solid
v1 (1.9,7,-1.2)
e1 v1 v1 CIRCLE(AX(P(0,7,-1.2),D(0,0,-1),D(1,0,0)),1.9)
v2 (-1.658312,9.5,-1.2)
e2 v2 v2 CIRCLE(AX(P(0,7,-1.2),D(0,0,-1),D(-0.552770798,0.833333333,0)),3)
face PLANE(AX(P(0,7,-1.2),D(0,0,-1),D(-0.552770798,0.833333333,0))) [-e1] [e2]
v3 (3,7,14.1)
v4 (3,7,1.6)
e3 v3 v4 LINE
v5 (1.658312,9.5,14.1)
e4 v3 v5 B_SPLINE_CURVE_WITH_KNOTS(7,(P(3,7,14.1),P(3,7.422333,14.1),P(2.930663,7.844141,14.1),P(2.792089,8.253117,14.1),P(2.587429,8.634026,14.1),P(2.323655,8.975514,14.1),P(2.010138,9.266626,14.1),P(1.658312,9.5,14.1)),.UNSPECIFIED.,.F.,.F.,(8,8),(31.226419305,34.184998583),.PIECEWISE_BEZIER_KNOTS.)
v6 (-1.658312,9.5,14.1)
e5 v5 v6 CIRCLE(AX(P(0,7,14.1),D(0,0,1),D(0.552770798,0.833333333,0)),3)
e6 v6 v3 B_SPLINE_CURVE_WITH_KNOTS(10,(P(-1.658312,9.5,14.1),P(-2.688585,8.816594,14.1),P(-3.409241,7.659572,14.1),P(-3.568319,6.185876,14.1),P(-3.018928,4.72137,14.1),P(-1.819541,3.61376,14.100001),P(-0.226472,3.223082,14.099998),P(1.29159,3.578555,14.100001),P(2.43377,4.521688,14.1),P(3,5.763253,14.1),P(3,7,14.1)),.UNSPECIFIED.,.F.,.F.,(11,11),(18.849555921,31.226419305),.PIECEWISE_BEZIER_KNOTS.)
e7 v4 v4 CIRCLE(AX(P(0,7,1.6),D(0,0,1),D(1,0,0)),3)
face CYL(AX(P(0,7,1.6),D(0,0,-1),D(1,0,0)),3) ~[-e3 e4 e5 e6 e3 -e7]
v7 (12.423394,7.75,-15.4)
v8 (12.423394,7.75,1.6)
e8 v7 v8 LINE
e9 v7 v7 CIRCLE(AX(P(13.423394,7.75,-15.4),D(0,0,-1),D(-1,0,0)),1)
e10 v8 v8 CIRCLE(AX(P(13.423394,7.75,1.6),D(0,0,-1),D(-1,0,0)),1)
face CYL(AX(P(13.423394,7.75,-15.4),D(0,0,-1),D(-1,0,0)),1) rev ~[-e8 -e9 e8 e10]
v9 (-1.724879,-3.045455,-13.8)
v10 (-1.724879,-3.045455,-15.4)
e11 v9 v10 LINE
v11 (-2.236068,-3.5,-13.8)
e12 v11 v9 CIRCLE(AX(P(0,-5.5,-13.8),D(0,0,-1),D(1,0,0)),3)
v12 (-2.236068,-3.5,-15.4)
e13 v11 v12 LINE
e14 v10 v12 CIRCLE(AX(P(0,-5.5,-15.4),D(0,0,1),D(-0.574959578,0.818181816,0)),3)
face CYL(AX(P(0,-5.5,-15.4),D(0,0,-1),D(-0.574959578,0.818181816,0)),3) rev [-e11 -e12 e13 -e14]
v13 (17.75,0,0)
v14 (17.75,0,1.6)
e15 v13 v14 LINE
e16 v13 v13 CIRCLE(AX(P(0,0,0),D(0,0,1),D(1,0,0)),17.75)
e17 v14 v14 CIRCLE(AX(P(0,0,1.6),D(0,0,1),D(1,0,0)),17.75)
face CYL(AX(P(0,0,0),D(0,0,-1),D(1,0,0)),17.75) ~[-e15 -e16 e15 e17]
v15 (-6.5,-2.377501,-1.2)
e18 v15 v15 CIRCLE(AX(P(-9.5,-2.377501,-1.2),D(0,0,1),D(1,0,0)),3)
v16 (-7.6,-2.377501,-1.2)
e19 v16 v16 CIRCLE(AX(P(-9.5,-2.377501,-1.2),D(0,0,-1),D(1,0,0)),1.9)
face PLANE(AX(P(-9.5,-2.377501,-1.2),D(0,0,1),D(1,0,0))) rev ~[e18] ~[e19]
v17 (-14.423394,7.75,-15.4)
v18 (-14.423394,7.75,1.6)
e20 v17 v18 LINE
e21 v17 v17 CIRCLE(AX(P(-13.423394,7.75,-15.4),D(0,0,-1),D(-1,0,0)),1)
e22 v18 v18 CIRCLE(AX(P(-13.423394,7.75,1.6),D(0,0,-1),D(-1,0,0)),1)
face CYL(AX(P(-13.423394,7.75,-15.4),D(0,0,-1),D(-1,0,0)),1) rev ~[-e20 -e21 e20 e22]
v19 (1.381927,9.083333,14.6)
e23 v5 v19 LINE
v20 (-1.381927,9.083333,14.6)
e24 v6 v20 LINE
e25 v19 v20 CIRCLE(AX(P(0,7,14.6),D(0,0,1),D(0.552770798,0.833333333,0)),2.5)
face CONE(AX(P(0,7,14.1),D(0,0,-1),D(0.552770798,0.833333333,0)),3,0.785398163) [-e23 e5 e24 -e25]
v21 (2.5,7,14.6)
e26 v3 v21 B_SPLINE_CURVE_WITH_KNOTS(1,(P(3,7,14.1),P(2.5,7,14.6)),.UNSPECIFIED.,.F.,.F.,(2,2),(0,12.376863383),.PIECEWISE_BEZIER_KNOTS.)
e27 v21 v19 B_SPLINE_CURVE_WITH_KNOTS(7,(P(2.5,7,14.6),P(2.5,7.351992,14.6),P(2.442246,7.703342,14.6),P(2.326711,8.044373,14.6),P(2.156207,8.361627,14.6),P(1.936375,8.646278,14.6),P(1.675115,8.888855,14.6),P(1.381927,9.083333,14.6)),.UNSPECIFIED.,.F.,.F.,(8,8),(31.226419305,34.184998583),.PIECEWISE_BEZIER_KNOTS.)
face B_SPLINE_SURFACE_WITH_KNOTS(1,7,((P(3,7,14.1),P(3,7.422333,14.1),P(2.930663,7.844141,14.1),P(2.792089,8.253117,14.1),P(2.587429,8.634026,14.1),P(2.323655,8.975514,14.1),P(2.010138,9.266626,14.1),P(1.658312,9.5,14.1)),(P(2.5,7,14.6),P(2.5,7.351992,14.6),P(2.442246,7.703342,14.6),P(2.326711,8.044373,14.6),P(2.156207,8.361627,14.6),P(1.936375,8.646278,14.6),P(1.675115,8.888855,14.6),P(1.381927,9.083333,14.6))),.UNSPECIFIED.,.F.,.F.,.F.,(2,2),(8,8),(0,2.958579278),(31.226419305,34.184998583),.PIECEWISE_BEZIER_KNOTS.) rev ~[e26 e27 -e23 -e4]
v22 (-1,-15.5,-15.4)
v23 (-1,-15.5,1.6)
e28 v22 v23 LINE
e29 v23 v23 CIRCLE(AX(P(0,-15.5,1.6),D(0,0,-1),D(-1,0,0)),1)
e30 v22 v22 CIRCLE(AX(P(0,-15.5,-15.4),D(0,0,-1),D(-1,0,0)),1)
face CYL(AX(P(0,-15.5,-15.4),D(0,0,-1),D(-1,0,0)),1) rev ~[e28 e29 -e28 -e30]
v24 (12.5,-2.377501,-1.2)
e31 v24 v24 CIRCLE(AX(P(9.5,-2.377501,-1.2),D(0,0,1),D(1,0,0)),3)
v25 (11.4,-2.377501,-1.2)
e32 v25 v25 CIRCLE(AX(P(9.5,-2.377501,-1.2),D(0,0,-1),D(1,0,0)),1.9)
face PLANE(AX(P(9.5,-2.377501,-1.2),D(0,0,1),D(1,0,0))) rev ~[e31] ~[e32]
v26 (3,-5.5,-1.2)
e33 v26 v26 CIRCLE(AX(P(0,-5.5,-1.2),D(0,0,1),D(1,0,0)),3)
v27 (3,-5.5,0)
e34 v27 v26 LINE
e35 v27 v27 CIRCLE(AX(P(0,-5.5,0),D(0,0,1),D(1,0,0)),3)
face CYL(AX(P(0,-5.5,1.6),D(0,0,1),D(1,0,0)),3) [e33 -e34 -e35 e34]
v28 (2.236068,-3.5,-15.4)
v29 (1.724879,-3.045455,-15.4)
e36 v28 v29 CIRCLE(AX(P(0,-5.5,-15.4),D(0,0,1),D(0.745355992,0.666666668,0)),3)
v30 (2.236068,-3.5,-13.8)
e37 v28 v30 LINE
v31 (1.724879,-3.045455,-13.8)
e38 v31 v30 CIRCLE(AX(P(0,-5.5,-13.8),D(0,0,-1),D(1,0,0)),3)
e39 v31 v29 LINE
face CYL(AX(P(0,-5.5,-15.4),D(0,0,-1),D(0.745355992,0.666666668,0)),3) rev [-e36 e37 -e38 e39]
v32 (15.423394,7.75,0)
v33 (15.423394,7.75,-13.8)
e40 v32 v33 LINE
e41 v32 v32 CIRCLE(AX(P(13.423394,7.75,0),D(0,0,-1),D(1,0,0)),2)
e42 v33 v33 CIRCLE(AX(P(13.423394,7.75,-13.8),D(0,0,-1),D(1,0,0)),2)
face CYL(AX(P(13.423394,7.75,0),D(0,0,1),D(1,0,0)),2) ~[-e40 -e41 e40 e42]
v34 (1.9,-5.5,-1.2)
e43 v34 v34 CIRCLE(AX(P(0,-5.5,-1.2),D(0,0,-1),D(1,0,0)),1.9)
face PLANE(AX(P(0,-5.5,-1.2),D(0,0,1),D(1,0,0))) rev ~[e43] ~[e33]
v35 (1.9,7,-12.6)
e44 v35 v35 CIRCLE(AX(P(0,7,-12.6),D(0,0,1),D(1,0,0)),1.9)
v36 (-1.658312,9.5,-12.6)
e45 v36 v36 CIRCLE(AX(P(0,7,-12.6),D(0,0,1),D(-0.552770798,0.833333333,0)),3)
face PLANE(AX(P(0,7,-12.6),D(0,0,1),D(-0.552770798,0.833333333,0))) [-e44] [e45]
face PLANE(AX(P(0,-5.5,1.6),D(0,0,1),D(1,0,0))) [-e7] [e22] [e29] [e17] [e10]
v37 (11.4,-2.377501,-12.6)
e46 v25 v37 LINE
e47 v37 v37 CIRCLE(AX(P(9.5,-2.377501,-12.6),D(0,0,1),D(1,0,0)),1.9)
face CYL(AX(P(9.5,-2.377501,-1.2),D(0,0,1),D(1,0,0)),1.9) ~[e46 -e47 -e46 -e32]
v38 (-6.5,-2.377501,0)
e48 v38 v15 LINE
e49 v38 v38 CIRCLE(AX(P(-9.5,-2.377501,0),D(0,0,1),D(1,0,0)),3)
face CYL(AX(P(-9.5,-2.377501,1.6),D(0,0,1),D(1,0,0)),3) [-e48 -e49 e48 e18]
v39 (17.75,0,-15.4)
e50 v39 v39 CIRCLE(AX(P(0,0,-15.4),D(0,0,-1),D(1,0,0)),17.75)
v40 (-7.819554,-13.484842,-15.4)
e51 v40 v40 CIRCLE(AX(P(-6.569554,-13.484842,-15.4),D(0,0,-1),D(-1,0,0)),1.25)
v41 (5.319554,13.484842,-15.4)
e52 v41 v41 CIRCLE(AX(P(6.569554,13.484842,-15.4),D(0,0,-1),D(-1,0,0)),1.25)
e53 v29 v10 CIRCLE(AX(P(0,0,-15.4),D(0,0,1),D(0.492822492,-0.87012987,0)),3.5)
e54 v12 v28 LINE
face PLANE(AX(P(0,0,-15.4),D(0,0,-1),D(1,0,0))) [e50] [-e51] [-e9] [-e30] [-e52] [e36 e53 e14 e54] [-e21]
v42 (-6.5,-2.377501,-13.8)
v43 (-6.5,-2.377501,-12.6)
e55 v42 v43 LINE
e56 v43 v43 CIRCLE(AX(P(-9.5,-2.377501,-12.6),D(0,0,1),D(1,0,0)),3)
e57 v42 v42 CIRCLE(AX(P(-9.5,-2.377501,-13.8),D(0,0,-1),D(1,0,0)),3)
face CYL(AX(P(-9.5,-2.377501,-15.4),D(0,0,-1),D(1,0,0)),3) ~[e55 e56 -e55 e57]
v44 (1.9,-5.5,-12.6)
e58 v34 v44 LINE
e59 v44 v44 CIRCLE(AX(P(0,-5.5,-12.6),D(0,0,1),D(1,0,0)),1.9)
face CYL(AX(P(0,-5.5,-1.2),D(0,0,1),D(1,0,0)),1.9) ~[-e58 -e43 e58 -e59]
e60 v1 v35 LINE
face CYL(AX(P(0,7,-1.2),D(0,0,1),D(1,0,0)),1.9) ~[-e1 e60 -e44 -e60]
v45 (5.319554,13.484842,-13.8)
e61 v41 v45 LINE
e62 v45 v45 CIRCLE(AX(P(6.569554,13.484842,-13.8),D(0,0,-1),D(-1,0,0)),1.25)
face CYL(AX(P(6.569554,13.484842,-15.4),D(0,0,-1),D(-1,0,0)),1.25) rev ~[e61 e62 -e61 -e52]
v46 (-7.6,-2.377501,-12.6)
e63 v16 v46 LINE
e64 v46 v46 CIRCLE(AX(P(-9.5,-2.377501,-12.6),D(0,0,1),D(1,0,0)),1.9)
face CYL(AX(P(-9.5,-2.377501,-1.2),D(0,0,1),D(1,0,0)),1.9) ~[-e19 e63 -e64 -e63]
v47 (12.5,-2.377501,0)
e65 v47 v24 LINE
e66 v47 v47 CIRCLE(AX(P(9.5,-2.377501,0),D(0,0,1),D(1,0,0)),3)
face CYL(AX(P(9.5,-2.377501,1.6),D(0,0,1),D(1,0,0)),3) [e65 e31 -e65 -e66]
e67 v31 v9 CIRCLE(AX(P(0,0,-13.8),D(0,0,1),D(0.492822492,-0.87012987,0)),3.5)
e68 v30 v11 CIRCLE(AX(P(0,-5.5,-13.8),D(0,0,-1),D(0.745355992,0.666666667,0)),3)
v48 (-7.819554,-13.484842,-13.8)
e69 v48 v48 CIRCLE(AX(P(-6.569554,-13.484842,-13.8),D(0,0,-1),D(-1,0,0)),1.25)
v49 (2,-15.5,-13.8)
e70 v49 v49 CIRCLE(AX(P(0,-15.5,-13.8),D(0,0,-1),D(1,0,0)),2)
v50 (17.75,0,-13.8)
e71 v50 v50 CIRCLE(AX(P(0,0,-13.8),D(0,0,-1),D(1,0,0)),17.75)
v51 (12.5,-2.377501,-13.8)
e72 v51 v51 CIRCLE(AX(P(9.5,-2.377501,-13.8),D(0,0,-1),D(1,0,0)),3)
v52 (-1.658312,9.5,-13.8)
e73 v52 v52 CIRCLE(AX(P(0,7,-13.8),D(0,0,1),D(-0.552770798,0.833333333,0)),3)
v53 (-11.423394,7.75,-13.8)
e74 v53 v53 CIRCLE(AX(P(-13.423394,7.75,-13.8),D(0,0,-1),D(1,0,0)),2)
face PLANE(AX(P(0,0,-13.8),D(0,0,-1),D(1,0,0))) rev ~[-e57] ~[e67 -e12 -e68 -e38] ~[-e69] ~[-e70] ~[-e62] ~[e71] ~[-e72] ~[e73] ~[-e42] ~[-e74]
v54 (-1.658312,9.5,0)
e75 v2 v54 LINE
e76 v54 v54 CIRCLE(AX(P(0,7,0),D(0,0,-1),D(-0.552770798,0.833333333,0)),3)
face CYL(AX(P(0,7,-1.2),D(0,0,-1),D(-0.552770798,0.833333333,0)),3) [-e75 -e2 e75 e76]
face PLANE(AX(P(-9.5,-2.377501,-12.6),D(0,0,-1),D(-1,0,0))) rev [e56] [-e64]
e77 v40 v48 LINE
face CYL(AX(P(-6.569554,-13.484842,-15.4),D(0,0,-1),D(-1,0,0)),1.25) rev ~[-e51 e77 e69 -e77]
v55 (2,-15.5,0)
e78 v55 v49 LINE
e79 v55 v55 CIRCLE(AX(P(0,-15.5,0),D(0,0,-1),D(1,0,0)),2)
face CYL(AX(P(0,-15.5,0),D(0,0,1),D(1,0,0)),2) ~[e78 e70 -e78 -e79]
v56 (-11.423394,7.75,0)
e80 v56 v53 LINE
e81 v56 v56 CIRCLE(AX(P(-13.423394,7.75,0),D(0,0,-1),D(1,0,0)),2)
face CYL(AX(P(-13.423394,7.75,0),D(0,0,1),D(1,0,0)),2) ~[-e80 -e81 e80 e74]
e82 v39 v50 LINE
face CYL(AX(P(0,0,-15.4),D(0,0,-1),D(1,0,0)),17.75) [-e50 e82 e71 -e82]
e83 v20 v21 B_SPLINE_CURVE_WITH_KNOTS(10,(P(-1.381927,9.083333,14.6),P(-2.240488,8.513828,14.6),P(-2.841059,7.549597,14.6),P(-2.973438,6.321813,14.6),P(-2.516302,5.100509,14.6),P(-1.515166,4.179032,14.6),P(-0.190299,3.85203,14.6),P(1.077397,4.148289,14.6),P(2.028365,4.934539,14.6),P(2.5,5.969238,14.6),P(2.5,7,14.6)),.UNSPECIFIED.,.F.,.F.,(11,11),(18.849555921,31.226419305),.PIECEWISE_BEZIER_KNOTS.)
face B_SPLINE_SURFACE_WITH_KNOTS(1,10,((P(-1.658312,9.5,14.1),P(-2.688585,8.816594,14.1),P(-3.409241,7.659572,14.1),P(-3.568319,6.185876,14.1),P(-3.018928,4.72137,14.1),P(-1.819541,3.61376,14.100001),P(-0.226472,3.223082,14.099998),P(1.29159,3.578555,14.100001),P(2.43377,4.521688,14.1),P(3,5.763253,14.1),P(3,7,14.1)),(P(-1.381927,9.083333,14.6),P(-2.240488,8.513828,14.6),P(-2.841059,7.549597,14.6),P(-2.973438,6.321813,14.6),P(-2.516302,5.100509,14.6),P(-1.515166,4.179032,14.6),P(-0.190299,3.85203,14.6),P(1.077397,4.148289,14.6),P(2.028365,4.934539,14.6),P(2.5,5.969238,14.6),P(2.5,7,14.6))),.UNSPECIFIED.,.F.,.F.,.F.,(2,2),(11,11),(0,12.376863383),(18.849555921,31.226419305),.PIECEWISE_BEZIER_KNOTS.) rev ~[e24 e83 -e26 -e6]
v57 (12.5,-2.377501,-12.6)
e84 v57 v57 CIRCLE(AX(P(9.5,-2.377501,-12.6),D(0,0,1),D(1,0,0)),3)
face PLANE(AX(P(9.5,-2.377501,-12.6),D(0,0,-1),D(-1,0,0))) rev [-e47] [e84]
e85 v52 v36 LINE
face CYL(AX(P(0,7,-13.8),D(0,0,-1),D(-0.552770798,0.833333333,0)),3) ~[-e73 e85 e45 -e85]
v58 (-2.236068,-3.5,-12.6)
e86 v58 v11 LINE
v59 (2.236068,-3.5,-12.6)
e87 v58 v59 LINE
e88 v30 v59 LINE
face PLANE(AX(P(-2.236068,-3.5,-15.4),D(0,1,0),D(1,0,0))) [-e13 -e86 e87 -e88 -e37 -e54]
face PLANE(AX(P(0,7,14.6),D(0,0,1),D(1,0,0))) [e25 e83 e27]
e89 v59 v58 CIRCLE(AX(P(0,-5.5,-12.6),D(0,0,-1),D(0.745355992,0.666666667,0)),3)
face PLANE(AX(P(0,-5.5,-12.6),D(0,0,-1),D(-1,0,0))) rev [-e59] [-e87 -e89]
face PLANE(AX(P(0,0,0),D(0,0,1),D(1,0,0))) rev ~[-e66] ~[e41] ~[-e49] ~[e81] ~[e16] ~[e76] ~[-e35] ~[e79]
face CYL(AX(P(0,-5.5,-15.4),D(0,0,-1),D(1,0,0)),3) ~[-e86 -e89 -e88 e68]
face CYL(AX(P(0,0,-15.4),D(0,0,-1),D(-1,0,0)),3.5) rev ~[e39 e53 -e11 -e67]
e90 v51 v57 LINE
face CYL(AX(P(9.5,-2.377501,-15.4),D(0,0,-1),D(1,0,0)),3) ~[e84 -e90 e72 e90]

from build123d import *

# Parameters (mm, degrees)
SKETCH_1_R          = 17.75
EXTRUDE_1_DEPTH     = 1.6
SKETCH_2_R          = 2
EXTRUDE_2_DEPTH     = 13.8
EXTRUDE_START       = 1.6
SKETCH_3_R          = 17.75
EXTRUDE_3_DEPTH     = 1.6
CUT_EXTRUDE_2_REACH = 32.317
SKETCH_5_R          = 3.5
SKETCH_5_R_2        = 1
SKETCH_6_R          = 6
EXTRUDE_4_DEPTH     = 10
SKETCH_7_R          = 3
EXTRUDE_5_DEPTH     = 15
CHAMFER_1_SIZE      = 0.5
CUT_EXTRUDE_START   = -12
CUT_EXTRUDE_3_DEPTH = 12
SKETCH_10_R         = 3
EXTRUDE_6_DEPTH     = 2.8
EXTRUDE_7_REACH     = 39.456
SKETCH_13_R         = 1.9
CUT_EXTRUDE_4_REACH = 50.93
CUT_EXTRUDE_5_REACH = 50.93
SKETCH_17_R         = 1.25
CHAMFER_2_SIZE      = 0.5
EXTRUDE_START_2     = 1.2
SKETCH_19_R         = 3
EXTRUDE_8_DEPTH     = 1.2
EXTRUDE_9_REACH     = 39.456
SKETCH_20_R         = 1.9
SKETCH_21_R         = 3
EXTRUDE_10_DEPTH    = 1.2
CUT_EXTRUDE_START_2 = -10
SKETCH_23_R         = 6
SKETCH_23_R_2       = 3
CUT_EXTRUDE_7_DEPTH = 10
SKETCH_24_R         = 3
CUT_EXTRUDE_8_DEPTH = 12
CHAMFER_3_SIZE      = 0.5


with BuildPart() as part:
    # Sketch 1 → Extrude 1 (new body)
    with BuildSketch(Plane.XY):
        Circle(SKETCH_1_R)
    extrude(amount=EXTRUDE_1_DEPTH)

    # Sketch 2 → Extrude 2 (add)
    with BuildSketch(Plane(origin=(0, 0, 0), x_dir=(-1, 0, 0), z_dir=(0, 0, -1))):
        with Locations(Location((0, -15.5, 0), (0, 0, 180))):
            Circle(SKETCH_2_R)
        with Locations(Location((-13.423393759, 7.75, 0), (0, 0, 180))):
            Circle(SKETCH_2_R)
        with Locations(Location((13.423393759, 7.75, 0), (0, 0, 180))):
            Circle(SKETCH_2_R)
    extrude(amount=EXTRUDE_2_DEPTH)

    # Sketch 3 → Extrude 3 (add)
    with BuildSketch(Plane(origin=(0, 0, -13.8), x_dir=(-1, 0, 0), z_dir=(0, 0, -1)).offset(EXTRUDE_START)):
        with Locations(Location((0, 0, 0), (0, 0, 180))):
            Circle(SKETCH_3_R)
    extrude(amount=-EXTRUDE_3_DEPTH)

    # Sketch 5 → Cut-Extrude 2 (cut, up to next)
    with BuildSketch(Plane(origin=(0, 0, -15.4), x_dir=(-1, 0, 0), z_dir=(0, 0, -1)), mode=Mode.PRIVATE) as cut_extrude_2_sk1:
        Circle(SKETCH_5_R)
    cut_extrude_2_tool1 = extrude(cut_extrude_2_sk1.sketch, amount=-CUT_EXTRUDE_2_REACH, mode=Mode.PRIVATE) & part.part
    # Sketch 5 → Cut-Extrude 2 (cut, up to next)
    with BuildSketch(Plane(origin=(0, 0, -15.4), x_dir=(-1, 0, 0), z_dir=(0, 0, -1)), mode=Mode.PRIVATE) as cut_extrude_2_sk2:
        with Locations((-13.423393759, 7.75)):
            Circle(SKETCH_5_R_2)
    cut_extrude_2_tool2 = extrude(cut_extrude_2_sk2.sketch, amount=-CUT_EXTRUDE_2_REACH, mode=Mode.PRIVATE) & part.part
    # Sketch 5 → Cut-Extrude 2 (cut, up to next)
    with BuildSketch(Plane(origin=(0, 0, -15.4), x_dir=(-1, 0, 0), z_dir=(0, 0, -1)), mode=Mode.PRIVATE) as cut_extrude_2_sk3:
        with Locations((13.423393759, 7.75)):
            Circle(SKETCH_5_R_2)
    cut_extrude_2_tool3 = extrude(cut_extrude_2_sk3.sketch, amount=-CUT_EXTRUDE_2_REACH, mode=Mode.PRIVATE) & part.part
    # Sketch 5 → Cut-Extrude 2 (cut, up to next)
    with BuildSketch(Plane(origin=(0, 0, -15.4), x_dir=(-1, 0, 0), z_dir=(0, 0, -1)), mode=Mode.PRIVATE) as cut_extrude_2_sk4:
        with Locations((0, -15.5)):
            Circle(SKETCH_5_R_2)
    cut_extrude_2_tool4 = extrude(cut_extrude_2_sk4.sketch, amount=-CUT_EXTRUDE_2_REACH, mode=Mode.PRIVATE) & part.part
    add(cut_extrude_2_tool1.solids().sort_by_distance((0, 0, -15.4))[0], mode=Mode.SUBTRACT)
    add(cut_extrude_2_tool2.solids().sort_by_distance((13.423394, 7.75, -15.4))[0], mode=Mode.SUBTRACT)
    add(cut_extrude_2_tool3.solids().sort_by_distance((-13.423394, 7.75, -15.4))[0], mode=Mode.SUBTRACT)
    add(cut_extrude_2_tool4.solids().sort_by_distance((0, -15.5, -15.4))[0], mode=Mode.SUBTRACT)

    # Sketch 6 → Extrude 4 (add)
    with BuildSketch(Plane.XY.offset(1.6)):
        with Locations((0, 7)):
            Circle(SKETCH_6_R)
    extrude(amount=EXTRUDE_4_DEPTH)

    # Sketch 7 → Extrude 5 (add)
    with BuildSketch(Plane.XY.offset(11.6)):
        with Locations((0, 7)):
            Circle(SKETCH_7_R)
    extrude(amount=EXTRUDE_5_DEPTH)

    # Chamfer 1
    chamfer_1_edges = [part.edges().sort_by_distance(p)[0] for p in [
        (-3, 7, 26.6),
    ]]
    chamfer(chamfer_1_edges, length=CHAMFER_1_SIZE)

    # Sketch 8 → Cut-Extrude 3 (cut)
    with BuildSketch(Plane.XY.offset(26.6).offset(CUT_EXTRUDE_START)):
        with BuildLine():
            Line((1.658312395, 9.5), (-1.658312395, 9.5))
            ThreePointArc((-1.658312395, 9.5), (0, 10), (1.658312395, 9.5))
        make_face()
    extrude(amount=CUT_EXTRUDE_3_DEPTH, mode=Mode.SUBTRACT)

    # Sketch 10 → Extrude 6 (add)
    with BuildSketch(Plane.XY.offset(1.6)):
        with Locations((0, -5.5)):
            Circle(SKETCH_10_R)
        with Locations((9.5, -2.377501001)):
            Circle(SKETCH_10_R)
        with Locations((-9.5, -2.377501001)):
            Circle(SKETCH_10_R)
    extrude_6 = extrude(amount=-EXTRUDE_6_DEPTH)

    # Mirror 1: Extrude 6 across plane
    add(extrude_6.mirror(Plane.XY.offset(-6.9)))

    # Sketch 13 → Extrude 7 (add, up to next)
    with BuildSketch(Plane(origin=(0, 0, -1.2), x_dir=(-1, 0, 0), z_dir=(0, 0, -1)), mode=Mode.PRIVATE) as extrude_7_sk1:
        with Locations(Location((-9.5, -2.377501001, 0), (0, 0, 180))):
            Circle(SKETCH_13_R)
    extrude_7_tool1 = extrude(extrude_7_sk1.sketch, amount=EXTRUDE_7_REACH, mode=Mode.PRIVATE) - part.part
    # Sketch 13 → Extrude 7 (add, up to next)
    with BuildSketch(Plane(origin=(0, 0, -1.2), x_dir=(-1, 0, 0), z_dir=(0, 0, -1)), mode=Mode.PRIVATE) as extrude_7_sk2:
        with Locations(Location((0, -5.5, 0), (0, 0, 180))):
            Circle(SKETCH_13_R)
    extrude_7_tool2 = extrude(extrude_7_sk2.sketch, amount=EXTRUDE_7_REACH, mode=Mode.PRIVATE) - part.part
    # Sketch 13 → Extrude 7 (add, up to next)
    with BuildSketch(Plane(origin=(0, 0, -1.2), x_dir=(-1, 0, 0), z_dir=(0, 0, -1)), mode=Mode.PRIVATE) as extrude_7_sk3:
        with Locations(Location((9.5, -2.377501001, 0), (0, 0, 180))):
            Circle(SKETCH_13_R)
    extrude_7_tool3 = extrude(extrude_7_sk3.sketch, amount=EXTRUDE_7_REACH, mode=Mode.PRIVATE) - part.part
    add(extrude_7_tool1.solids().sort_by_distance((9.5, -2.377501, -1.2))[0])
    add(extrude_7_tool2.solids().sort_by_distance((0, -5.5, -1.2))[0])
    add(extrude_7_tool3.solids().sort_by_distance((-9.5, -2.377501, -1.2))[0])

    # Sketch 15 → Cut-Extrude 4 (cut, up to next)
    with BuildSketch(Plane(origin=(0, 0, -15.4), x_dir=(-1, 0, 0), z_dir=(0, 0, -1)), mode=Mode.PRIVATE) as cut_extrude_4_sk1:
        with BuildLine():
            Line((2.236067977, -3.5), (-2.236067977, -3.5))
            ThreePointArc((-2.236067977, -3.5), (-1.99347124, -3.258109634), (-1.724878724, -3.045454545))
            ThreePointArc((-1.724878724, -3.045454545), (0, -2.5), (1.724878724, -3.045454545))
            ThreePointArc((1.724878724, -3.045454545), (1.99347124, -3.258109634), (2.236067977, -3.5))
        make_face()
    cut_extrude_4_tool1 = extrude(cut_extrude_4_sk1.sketch, amount=-CUT_EXTRUDE_4_REACH, mode=Mode.PRIVATE) & part.part
    add(cut_extrude_4_tool1.solids().sort_by_distance((0, -3.093671, -15.4))[0], mode=Mode.SUBTRACT)

    # Sketch 17 → Cut-Extrude 5 (cut, up to next)
    with BuildSketch(Plane(origin=(0, 0, -15.4), x_dir=(-1, 0, 0), z_dir=(0, 0, -1)), mode=Mode.PRIVATE) as cut_extrude_5_sk1:
        with Locations((-6.569553896, 13.48484192)):
            Circle(SKETCH_17_R)
    cut_extrude_5_tool1 = extrude(cut_extrude_5_sk1.sketch, amount=-CUT_EXTRUDE_5_REACH, mode=Mode.PRIVATE) & part.part
    # Sketch 17 → Cut-Extrude 5 (cut, up to next)
    with BuildSketch(Plane(origin=(0, 0, -15.4), x_dir=(-1, 0, 0), z_dir=(0, 0, -1)), mode=Mode.PRIVATE) as cut_extrude_5_sk2:
        with Locations((6.569553896, -13.48484192)):
            Circle(SKETCH_17_R)
    cut_extrude_5_tool2 = extrude(cut_extrude_5_sk2.sketch, amount=-CUT_EXTRUDE_5_REACH, mode=Mode.PRIVATE) & part.part
    add(cut_extrude_5_tool1.solids().sort_by_distance((6.569554, 13.484842, -15.4))[0], mode=Mode.SUBTRACT)
    add(cut_extrude_5_tool2.solids().sort_by_distance((-6.569554, -13.484842, -15.4))[0], mode=Mode.SUBTRACT)

    # Chamfer 2
    chamfer_2_edges = [part.edges().sort_by_distance(p)[0] for p in [
        (-6, 7, 11.6),
    ]]
    chamfer(chamfer_2_edges, length=CHAMFER_2_SIZE)

    # Sketch 19 → Extrude 8 (add)
    with BuildSketch(Plane(origin=(0, 0, 0), x_dir=(-1, 0, 0), z_dir=(0, 0, -1)).offset(EXTRUDE_START_2)):
        with Locations(Location((0, 7, 0), (0, 0, 56.442690238))):
            Circle(SKETCH_19_R)
    extrude(amount=-EXTRUDE_8_DEPTH)

    # Sketch 20 → Extrude 9 (add, up to next)
    with BuildSketch(Plane(origin=(0, 0, -1.2), x_dir=(-1, 0, 0), z_dir=(0, 0, -1)), mode=Mode.PRIVATE) as extrude_9_sk1:
        with Locations(Location((0, 7, 0), (0, 0, 180))):
            Circle(SKETCH_20_R)
    extrude_9_tool1 = extrude(extrude_9_sk1.sketch, amount=EXTRUDE_9_REACH, mode=Mode.PRIVATE) - part.part
    add(extrude_9_tool1.solids().sort_by_distance((0, 7, -1.2))[0])

    # Sketch 21 → Extrude 10 (add)
    with BuildSketch(Plane.XY.offset(-13.8)):
        with Locations(Location((0, 7, 0), (0, 0, 123.557309762))):
            Circle(SKETCH_21_R)
    extrude(amount=EXTRUDE_10_DEPTH)

    # Sketch 23 → Cut-Extrude 7 (cut)
    with BuildSketch(Plane.XY.offset(11.6).offset(CUT_EXTRUDE_START_2)):
        with Locations((0, 7)):
            Circle(SKETCH_23_R)
        with Locations((0, 7)):
            Circle(SKETCH_23_R_2, mode=Mode.SUBTRACT)
    extrude(amount=CUT_EXTRUDE_7_DEPTH, mode=Mode.SUBTRACT)

    # Sketch 24 → Cut-Extrude 8 (cut)
    with BuildSketch(Plane.XY.offset(26.6).offset(CUT_EXTRUDE_START)):
        with Locations((0, 7)):
            Circle(SKETCH_24_R)
    extrude(amount=CUT_EXTRUDE_8_DEPTH, mode=Mode.SUBTRACT)

    # Chamfer 3
    chamfer_3_edges = [part.edges().sort_by_distance(p)[0] for p in [
        (-3, 7, 14.6),
    ]]
    chamfer(chamfer_3_edges, length=CHAMFER_3_SIZE)


solid = part.part
